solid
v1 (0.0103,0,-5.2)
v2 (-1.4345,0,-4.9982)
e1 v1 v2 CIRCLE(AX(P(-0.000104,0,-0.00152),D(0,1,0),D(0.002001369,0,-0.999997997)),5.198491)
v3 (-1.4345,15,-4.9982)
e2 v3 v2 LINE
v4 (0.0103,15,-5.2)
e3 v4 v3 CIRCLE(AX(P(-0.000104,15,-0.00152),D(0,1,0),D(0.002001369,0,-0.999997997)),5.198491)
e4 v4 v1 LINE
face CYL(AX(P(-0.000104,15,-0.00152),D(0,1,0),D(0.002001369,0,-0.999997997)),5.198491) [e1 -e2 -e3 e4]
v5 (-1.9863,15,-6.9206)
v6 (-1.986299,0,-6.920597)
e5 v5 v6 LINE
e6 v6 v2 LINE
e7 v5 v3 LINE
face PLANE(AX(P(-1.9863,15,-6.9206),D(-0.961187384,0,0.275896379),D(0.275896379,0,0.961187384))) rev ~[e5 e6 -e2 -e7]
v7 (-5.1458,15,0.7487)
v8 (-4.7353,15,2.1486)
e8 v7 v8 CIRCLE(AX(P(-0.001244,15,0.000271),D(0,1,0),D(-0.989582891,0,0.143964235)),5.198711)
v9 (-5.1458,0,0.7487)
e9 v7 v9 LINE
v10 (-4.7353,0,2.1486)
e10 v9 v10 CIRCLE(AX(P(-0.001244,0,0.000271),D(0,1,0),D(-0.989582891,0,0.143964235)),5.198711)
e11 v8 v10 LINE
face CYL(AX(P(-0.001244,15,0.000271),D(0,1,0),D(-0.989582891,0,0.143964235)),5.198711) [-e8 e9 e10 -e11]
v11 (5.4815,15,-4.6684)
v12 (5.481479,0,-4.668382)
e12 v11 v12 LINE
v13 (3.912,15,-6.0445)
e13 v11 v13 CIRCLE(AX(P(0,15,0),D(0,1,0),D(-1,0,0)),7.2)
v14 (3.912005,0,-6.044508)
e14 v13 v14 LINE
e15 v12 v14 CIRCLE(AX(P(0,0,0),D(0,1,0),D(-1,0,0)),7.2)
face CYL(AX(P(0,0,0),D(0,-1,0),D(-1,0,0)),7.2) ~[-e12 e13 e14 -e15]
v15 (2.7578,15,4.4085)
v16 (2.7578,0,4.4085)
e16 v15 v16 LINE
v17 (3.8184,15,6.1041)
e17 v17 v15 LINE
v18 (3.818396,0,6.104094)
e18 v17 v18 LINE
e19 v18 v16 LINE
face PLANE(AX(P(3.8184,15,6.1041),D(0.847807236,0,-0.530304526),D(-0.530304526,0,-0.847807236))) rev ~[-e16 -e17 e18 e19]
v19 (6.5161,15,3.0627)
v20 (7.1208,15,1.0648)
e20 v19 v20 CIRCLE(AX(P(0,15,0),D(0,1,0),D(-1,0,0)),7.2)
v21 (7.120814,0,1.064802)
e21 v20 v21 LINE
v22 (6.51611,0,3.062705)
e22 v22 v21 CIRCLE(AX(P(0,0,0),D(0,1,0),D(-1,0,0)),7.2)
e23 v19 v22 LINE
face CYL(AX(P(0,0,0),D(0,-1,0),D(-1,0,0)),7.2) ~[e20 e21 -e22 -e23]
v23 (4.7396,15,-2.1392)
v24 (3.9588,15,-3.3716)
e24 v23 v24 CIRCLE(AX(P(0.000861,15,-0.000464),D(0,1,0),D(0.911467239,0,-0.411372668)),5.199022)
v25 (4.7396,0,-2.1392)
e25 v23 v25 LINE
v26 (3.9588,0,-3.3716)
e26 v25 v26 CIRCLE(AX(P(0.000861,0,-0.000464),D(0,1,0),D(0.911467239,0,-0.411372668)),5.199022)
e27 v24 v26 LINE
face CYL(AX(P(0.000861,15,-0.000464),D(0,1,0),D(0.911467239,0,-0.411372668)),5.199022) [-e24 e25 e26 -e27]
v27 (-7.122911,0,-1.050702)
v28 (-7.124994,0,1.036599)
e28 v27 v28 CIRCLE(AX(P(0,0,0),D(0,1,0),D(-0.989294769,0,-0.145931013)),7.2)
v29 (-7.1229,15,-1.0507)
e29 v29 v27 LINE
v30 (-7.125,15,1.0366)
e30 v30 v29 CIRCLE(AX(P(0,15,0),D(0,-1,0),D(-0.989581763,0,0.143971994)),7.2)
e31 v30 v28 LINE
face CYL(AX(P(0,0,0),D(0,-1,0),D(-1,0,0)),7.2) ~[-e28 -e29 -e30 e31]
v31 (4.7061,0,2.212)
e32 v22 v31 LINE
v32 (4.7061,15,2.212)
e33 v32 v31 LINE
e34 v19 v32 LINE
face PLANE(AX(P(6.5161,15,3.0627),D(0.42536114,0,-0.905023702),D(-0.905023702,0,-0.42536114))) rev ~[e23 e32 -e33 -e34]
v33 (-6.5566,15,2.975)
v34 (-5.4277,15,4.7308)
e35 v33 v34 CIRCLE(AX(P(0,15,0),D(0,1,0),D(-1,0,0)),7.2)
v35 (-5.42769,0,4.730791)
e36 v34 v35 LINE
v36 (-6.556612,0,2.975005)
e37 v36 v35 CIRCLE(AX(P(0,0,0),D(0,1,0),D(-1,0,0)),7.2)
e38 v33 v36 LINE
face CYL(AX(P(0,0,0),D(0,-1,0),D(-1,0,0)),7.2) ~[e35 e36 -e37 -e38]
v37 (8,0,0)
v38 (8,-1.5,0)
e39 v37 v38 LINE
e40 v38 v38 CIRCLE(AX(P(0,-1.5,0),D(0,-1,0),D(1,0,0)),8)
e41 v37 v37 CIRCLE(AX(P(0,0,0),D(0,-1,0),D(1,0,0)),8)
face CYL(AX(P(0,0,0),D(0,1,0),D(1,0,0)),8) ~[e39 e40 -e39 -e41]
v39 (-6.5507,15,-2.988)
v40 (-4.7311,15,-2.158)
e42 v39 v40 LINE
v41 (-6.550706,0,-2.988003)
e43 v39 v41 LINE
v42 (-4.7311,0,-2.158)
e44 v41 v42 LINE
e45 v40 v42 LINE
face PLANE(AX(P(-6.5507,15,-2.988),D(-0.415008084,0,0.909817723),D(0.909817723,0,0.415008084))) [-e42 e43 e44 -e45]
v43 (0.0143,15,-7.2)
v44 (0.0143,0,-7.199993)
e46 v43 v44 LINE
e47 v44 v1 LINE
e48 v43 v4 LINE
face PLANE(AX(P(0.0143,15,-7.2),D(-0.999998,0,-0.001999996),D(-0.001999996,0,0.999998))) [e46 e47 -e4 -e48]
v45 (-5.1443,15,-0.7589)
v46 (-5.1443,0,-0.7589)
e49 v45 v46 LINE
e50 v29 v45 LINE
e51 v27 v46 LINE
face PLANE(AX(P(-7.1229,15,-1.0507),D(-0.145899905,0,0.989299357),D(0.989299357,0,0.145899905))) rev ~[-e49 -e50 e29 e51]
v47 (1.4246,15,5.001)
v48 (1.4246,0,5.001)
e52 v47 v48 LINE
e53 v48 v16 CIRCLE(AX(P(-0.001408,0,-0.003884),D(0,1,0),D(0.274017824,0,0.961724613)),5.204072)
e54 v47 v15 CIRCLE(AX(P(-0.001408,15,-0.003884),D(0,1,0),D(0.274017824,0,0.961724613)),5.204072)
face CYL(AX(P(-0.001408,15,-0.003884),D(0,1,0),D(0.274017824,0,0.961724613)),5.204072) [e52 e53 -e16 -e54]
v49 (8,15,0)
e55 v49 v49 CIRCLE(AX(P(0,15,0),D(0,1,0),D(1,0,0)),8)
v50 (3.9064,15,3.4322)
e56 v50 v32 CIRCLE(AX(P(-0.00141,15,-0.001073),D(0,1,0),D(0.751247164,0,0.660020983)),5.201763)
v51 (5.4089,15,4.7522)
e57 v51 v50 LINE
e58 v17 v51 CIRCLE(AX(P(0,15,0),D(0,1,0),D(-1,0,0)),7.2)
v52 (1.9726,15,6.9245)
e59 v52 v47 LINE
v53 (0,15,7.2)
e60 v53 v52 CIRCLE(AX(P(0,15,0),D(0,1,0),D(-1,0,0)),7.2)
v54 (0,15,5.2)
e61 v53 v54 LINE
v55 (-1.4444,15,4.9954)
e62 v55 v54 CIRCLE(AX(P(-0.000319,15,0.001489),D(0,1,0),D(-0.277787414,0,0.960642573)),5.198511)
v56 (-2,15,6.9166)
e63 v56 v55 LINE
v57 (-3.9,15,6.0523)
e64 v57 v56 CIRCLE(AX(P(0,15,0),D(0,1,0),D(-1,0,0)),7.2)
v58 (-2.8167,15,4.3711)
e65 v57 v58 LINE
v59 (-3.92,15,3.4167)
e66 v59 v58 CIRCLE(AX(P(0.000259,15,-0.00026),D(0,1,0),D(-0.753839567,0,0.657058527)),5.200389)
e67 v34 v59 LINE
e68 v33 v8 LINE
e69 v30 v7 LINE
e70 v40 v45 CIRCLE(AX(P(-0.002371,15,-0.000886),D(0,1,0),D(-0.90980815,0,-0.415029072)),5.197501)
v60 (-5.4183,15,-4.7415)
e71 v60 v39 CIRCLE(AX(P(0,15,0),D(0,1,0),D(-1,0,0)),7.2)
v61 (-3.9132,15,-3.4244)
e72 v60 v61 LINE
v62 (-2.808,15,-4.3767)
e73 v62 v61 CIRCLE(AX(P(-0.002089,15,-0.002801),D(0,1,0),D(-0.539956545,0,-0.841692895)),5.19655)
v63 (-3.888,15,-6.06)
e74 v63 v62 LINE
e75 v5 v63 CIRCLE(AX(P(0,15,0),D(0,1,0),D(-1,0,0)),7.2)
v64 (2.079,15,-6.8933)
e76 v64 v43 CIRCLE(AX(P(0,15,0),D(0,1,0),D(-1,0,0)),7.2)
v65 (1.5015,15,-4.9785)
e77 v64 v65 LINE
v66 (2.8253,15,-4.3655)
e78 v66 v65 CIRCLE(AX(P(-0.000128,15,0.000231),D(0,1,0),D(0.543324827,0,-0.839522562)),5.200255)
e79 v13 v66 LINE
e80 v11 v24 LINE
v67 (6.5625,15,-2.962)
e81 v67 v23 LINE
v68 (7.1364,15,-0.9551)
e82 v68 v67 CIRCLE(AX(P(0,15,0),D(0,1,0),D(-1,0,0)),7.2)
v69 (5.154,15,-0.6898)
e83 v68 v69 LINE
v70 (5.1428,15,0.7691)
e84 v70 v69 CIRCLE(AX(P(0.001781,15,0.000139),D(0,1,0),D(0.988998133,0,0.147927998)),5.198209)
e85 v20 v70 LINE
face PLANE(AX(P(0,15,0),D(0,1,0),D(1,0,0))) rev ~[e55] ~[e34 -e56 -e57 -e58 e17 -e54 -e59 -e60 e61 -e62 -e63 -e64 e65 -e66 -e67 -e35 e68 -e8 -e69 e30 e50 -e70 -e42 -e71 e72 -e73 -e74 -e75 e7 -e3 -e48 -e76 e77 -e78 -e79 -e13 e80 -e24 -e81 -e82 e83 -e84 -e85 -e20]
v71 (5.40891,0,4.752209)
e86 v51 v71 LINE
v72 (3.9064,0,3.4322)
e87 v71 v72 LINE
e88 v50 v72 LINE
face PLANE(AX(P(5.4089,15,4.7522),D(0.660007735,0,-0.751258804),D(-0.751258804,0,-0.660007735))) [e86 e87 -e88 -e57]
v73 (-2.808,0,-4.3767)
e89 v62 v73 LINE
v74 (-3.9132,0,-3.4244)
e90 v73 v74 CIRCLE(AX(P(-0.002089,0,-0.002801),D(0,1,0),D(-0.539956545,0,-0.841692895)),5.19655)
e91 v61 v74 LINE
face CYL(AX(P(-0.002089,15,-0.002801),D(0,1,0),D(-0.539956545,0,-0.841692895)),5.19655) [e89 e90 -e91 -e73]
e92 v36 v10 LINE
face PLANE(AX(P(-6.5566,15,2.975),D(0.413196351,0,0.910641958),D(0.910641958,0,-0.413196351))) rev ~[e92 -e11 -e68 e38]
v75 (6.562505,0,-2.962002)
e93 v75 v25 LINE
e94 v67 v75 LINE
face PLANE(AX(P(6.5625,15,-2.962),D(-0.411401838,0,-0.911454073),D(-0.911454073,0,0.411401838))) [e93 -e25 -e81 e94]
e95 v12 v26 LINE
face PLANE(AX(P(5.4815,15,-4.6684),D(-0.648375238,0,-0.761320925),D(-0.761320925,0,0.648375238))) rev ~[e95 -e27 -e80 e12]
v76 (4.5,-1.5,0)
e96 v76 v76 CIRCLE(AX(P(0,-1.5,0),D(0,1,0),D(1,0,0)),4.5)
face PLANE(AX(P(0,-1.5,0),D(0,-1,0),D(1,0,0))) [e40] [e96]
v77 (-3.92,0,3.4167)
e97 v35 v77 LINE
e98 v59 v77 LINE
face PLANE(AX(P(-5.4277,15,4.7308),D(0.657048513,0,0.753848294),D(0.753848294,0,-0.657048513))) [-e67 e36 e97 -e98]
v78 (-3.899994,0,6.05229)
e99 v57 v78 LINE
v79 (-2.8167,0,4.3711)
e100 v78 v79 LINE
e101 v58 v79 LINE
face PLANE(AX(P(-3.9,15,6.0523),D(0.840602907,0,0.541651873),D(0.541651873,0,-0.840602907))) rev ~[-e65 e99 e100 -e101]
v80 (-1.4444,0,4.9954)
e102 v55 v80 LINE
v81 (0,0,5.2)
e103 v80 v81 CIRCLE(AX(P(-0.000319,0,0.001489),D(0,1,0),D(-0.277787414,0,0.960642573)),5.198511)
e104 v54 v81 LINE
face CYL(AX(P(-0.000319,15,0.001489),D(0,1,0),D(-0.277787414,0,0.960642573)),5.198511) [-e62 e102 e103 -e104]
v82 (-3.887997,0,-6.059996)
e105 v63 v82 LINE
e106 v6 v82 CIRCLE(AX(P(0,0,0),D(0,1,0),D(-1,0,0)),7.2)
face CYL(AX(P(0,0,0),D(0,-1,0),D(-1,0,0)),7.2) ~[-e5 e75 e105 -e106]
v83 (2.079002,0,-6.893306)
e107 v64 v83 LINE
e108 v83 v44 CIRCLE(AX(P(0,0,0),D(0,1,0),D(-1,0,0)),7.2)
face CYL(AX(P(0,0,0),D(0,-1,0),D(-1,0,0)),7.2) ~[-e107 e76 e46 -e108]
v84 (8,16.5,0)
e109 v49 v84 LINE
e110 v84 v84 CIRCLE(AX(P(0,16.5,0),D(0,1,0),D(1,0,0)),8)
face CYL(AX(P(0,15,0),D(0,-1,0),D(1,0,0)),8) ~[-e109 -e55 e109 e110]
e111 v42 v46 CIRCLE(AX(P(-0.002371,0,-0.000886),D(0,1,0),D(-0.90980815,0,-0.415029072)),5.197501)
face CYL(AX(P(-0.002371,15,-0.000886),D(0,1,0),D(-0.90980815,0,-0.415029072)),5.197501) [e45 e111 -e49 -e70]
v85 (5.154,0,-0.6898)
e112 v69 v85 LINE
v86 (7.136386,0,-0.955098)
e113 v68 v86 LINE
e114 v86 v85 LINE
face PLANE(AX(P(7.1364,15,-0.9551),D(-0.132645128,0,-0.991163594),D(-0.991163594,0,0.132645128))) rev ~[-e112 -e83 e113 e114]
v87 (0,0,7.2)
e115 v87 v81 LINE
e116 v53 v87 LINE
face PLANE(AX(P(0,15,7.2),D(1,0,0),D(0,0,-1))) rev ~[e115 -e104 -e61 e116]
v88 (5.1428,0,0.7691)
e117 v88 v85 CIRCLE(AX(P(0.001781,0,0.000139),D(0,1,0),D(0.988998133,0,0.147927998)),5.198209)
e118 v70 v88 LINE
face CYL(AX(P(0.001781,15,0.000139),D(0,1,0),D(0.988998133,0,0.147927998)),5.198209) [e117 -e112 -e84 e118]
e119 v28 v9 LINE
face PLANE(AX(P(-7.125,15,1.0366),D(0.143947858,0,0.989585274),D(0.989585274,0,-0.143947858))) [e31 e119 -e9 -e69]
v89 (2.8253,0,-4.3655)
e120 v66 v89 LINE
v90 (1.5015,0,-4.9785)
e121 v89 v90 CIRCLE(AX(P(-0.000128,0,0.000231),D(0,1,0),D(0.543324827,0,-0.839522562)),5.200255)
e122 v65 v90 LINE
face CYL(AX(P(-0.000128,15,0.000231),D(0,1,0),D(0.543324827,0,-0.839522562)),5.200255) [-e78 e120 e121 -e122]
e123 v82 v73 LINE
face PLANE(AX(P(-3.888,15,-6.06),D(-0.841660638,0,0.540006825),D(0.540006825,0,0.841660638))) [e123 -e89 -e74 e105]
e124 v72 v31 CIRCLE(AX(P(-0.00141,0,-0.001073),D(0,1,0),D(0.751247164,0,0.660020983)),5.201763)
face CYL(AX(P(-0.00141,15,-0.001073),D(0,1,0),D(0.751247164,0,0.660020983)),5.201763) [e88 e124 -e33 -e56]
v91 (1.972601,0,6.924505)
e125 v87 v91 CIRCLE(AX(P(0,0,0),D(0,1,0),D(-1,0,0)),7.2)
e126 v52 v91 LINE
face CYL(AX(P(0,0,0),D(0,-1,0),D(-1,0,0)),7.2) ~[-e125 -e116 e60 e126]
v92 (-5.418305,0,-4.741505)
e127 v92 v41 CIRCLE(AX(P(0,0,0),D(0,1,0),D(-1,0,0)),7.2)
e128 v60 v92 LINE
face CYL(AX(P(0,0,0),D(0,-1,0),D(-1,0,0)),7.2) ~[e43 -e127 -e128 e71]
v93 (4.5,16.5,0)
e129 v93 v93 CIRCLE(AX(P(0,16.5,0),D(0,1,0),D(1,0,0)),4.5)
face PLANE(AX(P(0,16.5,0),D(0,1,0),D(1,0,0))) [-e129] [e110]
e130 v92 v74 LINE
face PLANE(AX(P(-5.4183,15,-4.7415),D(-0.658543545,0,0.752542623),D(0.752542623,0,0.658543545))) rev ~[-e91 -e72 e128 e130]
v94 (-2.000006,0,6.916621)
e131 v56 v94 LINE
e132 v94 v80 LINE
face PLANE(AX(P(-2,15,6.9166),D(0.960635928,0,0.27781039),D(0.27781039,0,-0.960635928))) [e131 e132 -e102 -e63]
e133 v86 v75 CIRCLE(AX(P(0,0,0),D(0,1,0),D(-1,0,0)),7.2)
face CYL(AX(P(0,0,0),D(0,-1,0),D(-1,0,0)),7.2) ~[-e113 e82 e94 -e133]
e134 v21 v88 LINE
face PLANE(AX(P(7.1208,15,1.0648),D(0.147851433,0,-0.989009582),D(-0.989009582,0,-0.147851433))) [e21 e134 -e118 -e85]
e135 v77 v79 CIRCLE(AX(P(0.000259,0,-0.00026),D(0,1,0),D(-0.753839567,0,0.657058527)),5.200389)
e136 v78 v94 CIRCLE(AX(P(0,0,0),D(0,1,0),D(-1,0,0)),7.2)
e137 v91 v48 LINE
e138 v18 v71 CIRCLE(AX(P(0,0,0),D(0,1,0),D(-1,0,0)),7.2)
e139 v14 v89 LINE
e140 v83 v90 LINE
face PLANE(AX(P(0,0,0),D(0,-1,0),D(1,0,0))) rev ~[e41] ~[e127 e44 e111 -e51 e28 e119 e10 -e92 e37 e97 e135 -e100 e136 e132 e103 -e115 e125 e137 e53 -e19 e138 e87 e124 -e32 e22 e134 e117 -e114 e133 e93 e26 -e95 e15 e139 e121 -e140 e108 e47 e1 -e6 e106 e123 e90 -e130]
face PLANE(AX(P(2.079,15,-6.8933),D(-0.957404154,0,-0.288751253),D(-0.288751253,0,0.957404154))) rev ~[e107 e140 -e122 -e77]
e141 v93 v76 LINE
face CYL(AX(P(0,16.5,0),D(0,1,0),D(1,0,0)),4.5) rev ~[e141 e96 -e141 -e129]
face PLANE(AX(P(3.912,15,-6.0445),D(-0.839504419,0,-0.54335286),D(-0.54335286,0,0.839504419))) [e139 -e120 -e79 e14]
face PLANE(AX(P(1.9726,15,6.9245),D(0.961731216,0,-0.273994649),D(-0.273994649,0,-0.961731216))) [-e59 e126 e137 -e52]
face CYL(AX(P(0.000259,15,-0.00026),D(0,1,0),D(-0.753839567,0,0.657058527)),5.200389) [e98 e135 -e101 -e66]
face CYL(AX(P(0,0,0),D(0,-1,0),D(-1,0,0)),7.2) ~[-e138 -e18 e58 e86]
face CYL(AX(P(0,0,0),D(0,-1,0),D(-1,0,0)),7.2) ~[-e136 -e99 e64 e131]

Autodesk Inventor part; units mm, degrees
ref_plane "YZ Plane" through (0, 0, 0) normal (1, 0, 0) x (0, 1, 0)
ref_plane "XZ Plane" through (0, 0, 0) normal (0, 1, 0) x (-1, 0, 0)
ref_plane "XY Plane" through (0, 0, 0) normal (0, 0, 1) x (1, 0, 0)
sketch "Esquisse2" plane through (0, 0, 0) normal (0, 1, 0) x (-1, 0, 0)
  circle A0 centre (0, 0) radius 7.2
  dimension "d0" = 14.4
extrude "Extrusion1" add sketch "Esquisse2" along normal blind 15
sketch "Esquisse4" plane through (0, 15, 0) normal (0, 1, 0) x (1, 0, 0)
  circle A0 centre (0, 0) radius 7.2 projected
  circle A1 centre (0, 0) radius 7.2 projected
  arc A2 (-2, -6.9166) -> (0, -7.2) centre (0, 0) ccw
  arc A3 (-1.4444, -4.9954) -> (0, -5.2) centre (0, 0) ccw
  line L0 (-2, -6.9166) -> (-1.4444, -4.9954)
  line L1 (0, -7.2) -> (0, -5.2)
  line L2 (0, 0) -> (-4.1531, -9.129)
  arc A4 (-5.4277, -4.7308) -> (-3.9, -6.0523) centre (0, 0) ccw
  arc A5 (-3.92, -3.4167) -> (-2.8167, -4.3711) centre (0, 0) ccw
  line L3 (-3.9, -6.0523) -> (-2.8167, -4.3711)
  line L4 (-5.4277, -4.7308) -> (-3.92, -3.4167)
  line L5 (0, -6) -> (0, 5.5969) construction
  line L6 (0, 0) -> (-5.5895, -3.594)
  arc A6 (-6.5507, 2.988) -> (-7.1229, 1.0507) centre (0, 0) ccw
  arc A7 (-4.7311, 2.158) -> (-5.1443, 0.7589) centre (0, 0) ccw
  line L7 (-7.1229, 1.0507) -> (-5.1443, 0.7589)
  line L8 (-6.5507, 2.988) -> (-4.7311, 2.158)
  arc A8 (-7.125, -1.0366) -> (-6.5566, -2.975) centre (0, 0) ccw
  arc A9 (-5.1458, -0.7487) -> (-4.7353, -2.1486) centre (0, 0) ccw
  line L9 (-7.125, -1.0366) -> (-5.1458, -0.7487)
  line L10 (-6.5566, -2.975) -> (-4.7353, -2.1486)
  line L11 (-2, -6.9166) -> (-3.9, -6.0523) construction
  line L12 (-5.4277, -4.7308) -> (-6.5566, -2.975) construction
  line L13 (-2, -6.9166) -> (0, -7.2) construction
  line L14 (0, 0) -> (-5.7368, 3.7048)
  arc A10 (-3.888, 6.06) -> (-5.4183, 4.7415) centre (0, 0) ccw
  line L15 (-5.4183, 4.7415) -> (-3.9132, 3.4244)
  line L16 (-3.888, 6.06) -> (-2.808, 4.3767)
  arc A11 (-2.808, 4.3767) -> (-3.9132, 3.4244) centre (0, 0) ccw
  line L17 (-1.9863, 6.9206) -> (-1.4345, 4.9982)
  arc A12 (0.0143, 7.2) -> (-1.9863, 6.9206) centre (0, 0) ccw
  arc A13 (0.0103, 5.2) -> (-1.4345, 4.9982) centre (0, 0) ccw
  line L18 (0.0143, 7.2) -> (0.0103, 5.2)
  line L19 (-6.5507, 2.988) -> (-5.4183, 4.7415) construction
  line L20 (0, 0) -> (1.7786, 11.975)
  arc A14 (1.9726, -6.9245) -> (3.8184, -6.1041) centre (0, 0) ccw
  arc A15 (1.4246, -5.001) -> (2.7578, -4.4085) centre (0, 0) ccw
  line L21 (1.9726, -6.9245) -> (1.4246, -5.001)
  line L22 (3.8184, -6.1041) -> (2.7578, -4.4085)
  arc A16 (7.1208, -1.0648) -> (7.1364, 0.9551) centre (0, 0) ccw
  line L23 (7.1364, 0.9551) -> (5.154, 0.6898)
  line L24 (7.1208, -1.0648) -> (5.1428, -0.7691)
  arc A17 (5.1428, -0.7691) -> (5.154, 0.6898) centre (0, 0) ccw
  line L25 (6.5161, -3.0627) -> (4.7061, -2.212)
  arc A18 (5.4089, -4.7522) -> (6.5161, -3.0627) centre (0, 0) ccw
  arc A19 (3.9064, -3.4322) -> (4.7061, -2.212) centre (0, 0) ccw
  line L26 (5.4089, -4.7522) -> (3.9064, -3.4322)
  line L27 (3.8184, -6.1041) -> (5.4089, -4.7522) construction
  line L28 (2.079, 6.8933) -> (1.5015, 4.9785)
  arc A20 (2.8253, 4.3655) -> (1.5015, 4.9785) centre (0, 0) ccw
  line L29 (3.912, 6.0445) -> (2.8253, 4.3655)
  arc A21 (3.912, 6.0445) -> (2.079, 6.8933) centre (0, 0) ccw
  arc A22 (4.7396, 2.1392) -> (3.9588, 3.3716) centre (0, 0) ccw
  line L30 (5.4815, 4.6684) -> (3.9588, 3.3716)
  line L31 (6.5625, 2.962) -> (4.7396, 2.1392)
  arc A23 (6.5625, 2.962) -> (5.4815, 4.6684) centre (0, 0) ccw
  line L32 (7.1364, 0.9551) -> (6.5625, 2.962) construction
  line L33 (0.0143, 7.2) -> (2.079, 6.8933) construction
  point P0 (3.8184, -6.1041)
  point P1 (6.5161, -3.0627)
  point P2 (7.1208, -1.0648)
  point P3 (7.1364, 0.9551)
  point P4 (5.4815, 4.6684)
  point P5 (2.079, 6.8933)
  point P6 (-6.5507, 2.988)
  point P7 (-7.1229, 1.0507)
  point P8 (-6.5566, -2.975)
  point P9 (-2, -6.9166)
  point P10 (0, -7.2)
  point P11 (-5.4277, -4.7308)
  point P12 (-3.9, -6.0523)
  dimension "d13" = 2
  dimension "d14" = 2
  dimension "d16" = 1.9
extrude "Extrusion2" cut sketch "Esquisse4" against normal through all contours A0 L24 A17 L23 | L31 A22 L30 A0 | A0 L26 A19 L25 | L29 A20 L28 A0 | A0 L21 A15 L22 | A0 L0 A3 L1 | L18 A13 L17 A0 | L16 A11 L15 A0 | A0 L4 A5 L3 | L8 A7 L7 A0 | A0 L9 A9 L10
sketch "Esquisse5" plane through (0, 15, 0) normal (0, 1, 0) x (1, 0, 0)
  point P0 (0, 0)
sketch "Esquisse6" plane through (0, 15, 0) normal (0, 1, 0) x (1, 0, 0)
  circle A0 centre (0, 0) radius 8
  dimension "d19" = 16
extrude "Extrusion3" add sketch "Esquisse6" along normal blind 1.5
sketch "Esquisse7" plane through (0, 0, 0) normal (0, -1, 0) x (1, 0, 0)
  circle A0 centre (0, 0) radius 8
extrude "Extrusion4" add sketch "Esquisse7" along normal blind 1.5
sketch "Esquisse8" plane through (0, 16.5, 0) normal (0, 1, 0) x (1, 0, 0)
  circle A0 centre (0, 0) radius 4.5
  dimension "d24" = 9
extrude "Extrusion5" cut sketch "Esquisse8" against normal through all
properties part number "Pièce_moteur_courroie_test_2"
